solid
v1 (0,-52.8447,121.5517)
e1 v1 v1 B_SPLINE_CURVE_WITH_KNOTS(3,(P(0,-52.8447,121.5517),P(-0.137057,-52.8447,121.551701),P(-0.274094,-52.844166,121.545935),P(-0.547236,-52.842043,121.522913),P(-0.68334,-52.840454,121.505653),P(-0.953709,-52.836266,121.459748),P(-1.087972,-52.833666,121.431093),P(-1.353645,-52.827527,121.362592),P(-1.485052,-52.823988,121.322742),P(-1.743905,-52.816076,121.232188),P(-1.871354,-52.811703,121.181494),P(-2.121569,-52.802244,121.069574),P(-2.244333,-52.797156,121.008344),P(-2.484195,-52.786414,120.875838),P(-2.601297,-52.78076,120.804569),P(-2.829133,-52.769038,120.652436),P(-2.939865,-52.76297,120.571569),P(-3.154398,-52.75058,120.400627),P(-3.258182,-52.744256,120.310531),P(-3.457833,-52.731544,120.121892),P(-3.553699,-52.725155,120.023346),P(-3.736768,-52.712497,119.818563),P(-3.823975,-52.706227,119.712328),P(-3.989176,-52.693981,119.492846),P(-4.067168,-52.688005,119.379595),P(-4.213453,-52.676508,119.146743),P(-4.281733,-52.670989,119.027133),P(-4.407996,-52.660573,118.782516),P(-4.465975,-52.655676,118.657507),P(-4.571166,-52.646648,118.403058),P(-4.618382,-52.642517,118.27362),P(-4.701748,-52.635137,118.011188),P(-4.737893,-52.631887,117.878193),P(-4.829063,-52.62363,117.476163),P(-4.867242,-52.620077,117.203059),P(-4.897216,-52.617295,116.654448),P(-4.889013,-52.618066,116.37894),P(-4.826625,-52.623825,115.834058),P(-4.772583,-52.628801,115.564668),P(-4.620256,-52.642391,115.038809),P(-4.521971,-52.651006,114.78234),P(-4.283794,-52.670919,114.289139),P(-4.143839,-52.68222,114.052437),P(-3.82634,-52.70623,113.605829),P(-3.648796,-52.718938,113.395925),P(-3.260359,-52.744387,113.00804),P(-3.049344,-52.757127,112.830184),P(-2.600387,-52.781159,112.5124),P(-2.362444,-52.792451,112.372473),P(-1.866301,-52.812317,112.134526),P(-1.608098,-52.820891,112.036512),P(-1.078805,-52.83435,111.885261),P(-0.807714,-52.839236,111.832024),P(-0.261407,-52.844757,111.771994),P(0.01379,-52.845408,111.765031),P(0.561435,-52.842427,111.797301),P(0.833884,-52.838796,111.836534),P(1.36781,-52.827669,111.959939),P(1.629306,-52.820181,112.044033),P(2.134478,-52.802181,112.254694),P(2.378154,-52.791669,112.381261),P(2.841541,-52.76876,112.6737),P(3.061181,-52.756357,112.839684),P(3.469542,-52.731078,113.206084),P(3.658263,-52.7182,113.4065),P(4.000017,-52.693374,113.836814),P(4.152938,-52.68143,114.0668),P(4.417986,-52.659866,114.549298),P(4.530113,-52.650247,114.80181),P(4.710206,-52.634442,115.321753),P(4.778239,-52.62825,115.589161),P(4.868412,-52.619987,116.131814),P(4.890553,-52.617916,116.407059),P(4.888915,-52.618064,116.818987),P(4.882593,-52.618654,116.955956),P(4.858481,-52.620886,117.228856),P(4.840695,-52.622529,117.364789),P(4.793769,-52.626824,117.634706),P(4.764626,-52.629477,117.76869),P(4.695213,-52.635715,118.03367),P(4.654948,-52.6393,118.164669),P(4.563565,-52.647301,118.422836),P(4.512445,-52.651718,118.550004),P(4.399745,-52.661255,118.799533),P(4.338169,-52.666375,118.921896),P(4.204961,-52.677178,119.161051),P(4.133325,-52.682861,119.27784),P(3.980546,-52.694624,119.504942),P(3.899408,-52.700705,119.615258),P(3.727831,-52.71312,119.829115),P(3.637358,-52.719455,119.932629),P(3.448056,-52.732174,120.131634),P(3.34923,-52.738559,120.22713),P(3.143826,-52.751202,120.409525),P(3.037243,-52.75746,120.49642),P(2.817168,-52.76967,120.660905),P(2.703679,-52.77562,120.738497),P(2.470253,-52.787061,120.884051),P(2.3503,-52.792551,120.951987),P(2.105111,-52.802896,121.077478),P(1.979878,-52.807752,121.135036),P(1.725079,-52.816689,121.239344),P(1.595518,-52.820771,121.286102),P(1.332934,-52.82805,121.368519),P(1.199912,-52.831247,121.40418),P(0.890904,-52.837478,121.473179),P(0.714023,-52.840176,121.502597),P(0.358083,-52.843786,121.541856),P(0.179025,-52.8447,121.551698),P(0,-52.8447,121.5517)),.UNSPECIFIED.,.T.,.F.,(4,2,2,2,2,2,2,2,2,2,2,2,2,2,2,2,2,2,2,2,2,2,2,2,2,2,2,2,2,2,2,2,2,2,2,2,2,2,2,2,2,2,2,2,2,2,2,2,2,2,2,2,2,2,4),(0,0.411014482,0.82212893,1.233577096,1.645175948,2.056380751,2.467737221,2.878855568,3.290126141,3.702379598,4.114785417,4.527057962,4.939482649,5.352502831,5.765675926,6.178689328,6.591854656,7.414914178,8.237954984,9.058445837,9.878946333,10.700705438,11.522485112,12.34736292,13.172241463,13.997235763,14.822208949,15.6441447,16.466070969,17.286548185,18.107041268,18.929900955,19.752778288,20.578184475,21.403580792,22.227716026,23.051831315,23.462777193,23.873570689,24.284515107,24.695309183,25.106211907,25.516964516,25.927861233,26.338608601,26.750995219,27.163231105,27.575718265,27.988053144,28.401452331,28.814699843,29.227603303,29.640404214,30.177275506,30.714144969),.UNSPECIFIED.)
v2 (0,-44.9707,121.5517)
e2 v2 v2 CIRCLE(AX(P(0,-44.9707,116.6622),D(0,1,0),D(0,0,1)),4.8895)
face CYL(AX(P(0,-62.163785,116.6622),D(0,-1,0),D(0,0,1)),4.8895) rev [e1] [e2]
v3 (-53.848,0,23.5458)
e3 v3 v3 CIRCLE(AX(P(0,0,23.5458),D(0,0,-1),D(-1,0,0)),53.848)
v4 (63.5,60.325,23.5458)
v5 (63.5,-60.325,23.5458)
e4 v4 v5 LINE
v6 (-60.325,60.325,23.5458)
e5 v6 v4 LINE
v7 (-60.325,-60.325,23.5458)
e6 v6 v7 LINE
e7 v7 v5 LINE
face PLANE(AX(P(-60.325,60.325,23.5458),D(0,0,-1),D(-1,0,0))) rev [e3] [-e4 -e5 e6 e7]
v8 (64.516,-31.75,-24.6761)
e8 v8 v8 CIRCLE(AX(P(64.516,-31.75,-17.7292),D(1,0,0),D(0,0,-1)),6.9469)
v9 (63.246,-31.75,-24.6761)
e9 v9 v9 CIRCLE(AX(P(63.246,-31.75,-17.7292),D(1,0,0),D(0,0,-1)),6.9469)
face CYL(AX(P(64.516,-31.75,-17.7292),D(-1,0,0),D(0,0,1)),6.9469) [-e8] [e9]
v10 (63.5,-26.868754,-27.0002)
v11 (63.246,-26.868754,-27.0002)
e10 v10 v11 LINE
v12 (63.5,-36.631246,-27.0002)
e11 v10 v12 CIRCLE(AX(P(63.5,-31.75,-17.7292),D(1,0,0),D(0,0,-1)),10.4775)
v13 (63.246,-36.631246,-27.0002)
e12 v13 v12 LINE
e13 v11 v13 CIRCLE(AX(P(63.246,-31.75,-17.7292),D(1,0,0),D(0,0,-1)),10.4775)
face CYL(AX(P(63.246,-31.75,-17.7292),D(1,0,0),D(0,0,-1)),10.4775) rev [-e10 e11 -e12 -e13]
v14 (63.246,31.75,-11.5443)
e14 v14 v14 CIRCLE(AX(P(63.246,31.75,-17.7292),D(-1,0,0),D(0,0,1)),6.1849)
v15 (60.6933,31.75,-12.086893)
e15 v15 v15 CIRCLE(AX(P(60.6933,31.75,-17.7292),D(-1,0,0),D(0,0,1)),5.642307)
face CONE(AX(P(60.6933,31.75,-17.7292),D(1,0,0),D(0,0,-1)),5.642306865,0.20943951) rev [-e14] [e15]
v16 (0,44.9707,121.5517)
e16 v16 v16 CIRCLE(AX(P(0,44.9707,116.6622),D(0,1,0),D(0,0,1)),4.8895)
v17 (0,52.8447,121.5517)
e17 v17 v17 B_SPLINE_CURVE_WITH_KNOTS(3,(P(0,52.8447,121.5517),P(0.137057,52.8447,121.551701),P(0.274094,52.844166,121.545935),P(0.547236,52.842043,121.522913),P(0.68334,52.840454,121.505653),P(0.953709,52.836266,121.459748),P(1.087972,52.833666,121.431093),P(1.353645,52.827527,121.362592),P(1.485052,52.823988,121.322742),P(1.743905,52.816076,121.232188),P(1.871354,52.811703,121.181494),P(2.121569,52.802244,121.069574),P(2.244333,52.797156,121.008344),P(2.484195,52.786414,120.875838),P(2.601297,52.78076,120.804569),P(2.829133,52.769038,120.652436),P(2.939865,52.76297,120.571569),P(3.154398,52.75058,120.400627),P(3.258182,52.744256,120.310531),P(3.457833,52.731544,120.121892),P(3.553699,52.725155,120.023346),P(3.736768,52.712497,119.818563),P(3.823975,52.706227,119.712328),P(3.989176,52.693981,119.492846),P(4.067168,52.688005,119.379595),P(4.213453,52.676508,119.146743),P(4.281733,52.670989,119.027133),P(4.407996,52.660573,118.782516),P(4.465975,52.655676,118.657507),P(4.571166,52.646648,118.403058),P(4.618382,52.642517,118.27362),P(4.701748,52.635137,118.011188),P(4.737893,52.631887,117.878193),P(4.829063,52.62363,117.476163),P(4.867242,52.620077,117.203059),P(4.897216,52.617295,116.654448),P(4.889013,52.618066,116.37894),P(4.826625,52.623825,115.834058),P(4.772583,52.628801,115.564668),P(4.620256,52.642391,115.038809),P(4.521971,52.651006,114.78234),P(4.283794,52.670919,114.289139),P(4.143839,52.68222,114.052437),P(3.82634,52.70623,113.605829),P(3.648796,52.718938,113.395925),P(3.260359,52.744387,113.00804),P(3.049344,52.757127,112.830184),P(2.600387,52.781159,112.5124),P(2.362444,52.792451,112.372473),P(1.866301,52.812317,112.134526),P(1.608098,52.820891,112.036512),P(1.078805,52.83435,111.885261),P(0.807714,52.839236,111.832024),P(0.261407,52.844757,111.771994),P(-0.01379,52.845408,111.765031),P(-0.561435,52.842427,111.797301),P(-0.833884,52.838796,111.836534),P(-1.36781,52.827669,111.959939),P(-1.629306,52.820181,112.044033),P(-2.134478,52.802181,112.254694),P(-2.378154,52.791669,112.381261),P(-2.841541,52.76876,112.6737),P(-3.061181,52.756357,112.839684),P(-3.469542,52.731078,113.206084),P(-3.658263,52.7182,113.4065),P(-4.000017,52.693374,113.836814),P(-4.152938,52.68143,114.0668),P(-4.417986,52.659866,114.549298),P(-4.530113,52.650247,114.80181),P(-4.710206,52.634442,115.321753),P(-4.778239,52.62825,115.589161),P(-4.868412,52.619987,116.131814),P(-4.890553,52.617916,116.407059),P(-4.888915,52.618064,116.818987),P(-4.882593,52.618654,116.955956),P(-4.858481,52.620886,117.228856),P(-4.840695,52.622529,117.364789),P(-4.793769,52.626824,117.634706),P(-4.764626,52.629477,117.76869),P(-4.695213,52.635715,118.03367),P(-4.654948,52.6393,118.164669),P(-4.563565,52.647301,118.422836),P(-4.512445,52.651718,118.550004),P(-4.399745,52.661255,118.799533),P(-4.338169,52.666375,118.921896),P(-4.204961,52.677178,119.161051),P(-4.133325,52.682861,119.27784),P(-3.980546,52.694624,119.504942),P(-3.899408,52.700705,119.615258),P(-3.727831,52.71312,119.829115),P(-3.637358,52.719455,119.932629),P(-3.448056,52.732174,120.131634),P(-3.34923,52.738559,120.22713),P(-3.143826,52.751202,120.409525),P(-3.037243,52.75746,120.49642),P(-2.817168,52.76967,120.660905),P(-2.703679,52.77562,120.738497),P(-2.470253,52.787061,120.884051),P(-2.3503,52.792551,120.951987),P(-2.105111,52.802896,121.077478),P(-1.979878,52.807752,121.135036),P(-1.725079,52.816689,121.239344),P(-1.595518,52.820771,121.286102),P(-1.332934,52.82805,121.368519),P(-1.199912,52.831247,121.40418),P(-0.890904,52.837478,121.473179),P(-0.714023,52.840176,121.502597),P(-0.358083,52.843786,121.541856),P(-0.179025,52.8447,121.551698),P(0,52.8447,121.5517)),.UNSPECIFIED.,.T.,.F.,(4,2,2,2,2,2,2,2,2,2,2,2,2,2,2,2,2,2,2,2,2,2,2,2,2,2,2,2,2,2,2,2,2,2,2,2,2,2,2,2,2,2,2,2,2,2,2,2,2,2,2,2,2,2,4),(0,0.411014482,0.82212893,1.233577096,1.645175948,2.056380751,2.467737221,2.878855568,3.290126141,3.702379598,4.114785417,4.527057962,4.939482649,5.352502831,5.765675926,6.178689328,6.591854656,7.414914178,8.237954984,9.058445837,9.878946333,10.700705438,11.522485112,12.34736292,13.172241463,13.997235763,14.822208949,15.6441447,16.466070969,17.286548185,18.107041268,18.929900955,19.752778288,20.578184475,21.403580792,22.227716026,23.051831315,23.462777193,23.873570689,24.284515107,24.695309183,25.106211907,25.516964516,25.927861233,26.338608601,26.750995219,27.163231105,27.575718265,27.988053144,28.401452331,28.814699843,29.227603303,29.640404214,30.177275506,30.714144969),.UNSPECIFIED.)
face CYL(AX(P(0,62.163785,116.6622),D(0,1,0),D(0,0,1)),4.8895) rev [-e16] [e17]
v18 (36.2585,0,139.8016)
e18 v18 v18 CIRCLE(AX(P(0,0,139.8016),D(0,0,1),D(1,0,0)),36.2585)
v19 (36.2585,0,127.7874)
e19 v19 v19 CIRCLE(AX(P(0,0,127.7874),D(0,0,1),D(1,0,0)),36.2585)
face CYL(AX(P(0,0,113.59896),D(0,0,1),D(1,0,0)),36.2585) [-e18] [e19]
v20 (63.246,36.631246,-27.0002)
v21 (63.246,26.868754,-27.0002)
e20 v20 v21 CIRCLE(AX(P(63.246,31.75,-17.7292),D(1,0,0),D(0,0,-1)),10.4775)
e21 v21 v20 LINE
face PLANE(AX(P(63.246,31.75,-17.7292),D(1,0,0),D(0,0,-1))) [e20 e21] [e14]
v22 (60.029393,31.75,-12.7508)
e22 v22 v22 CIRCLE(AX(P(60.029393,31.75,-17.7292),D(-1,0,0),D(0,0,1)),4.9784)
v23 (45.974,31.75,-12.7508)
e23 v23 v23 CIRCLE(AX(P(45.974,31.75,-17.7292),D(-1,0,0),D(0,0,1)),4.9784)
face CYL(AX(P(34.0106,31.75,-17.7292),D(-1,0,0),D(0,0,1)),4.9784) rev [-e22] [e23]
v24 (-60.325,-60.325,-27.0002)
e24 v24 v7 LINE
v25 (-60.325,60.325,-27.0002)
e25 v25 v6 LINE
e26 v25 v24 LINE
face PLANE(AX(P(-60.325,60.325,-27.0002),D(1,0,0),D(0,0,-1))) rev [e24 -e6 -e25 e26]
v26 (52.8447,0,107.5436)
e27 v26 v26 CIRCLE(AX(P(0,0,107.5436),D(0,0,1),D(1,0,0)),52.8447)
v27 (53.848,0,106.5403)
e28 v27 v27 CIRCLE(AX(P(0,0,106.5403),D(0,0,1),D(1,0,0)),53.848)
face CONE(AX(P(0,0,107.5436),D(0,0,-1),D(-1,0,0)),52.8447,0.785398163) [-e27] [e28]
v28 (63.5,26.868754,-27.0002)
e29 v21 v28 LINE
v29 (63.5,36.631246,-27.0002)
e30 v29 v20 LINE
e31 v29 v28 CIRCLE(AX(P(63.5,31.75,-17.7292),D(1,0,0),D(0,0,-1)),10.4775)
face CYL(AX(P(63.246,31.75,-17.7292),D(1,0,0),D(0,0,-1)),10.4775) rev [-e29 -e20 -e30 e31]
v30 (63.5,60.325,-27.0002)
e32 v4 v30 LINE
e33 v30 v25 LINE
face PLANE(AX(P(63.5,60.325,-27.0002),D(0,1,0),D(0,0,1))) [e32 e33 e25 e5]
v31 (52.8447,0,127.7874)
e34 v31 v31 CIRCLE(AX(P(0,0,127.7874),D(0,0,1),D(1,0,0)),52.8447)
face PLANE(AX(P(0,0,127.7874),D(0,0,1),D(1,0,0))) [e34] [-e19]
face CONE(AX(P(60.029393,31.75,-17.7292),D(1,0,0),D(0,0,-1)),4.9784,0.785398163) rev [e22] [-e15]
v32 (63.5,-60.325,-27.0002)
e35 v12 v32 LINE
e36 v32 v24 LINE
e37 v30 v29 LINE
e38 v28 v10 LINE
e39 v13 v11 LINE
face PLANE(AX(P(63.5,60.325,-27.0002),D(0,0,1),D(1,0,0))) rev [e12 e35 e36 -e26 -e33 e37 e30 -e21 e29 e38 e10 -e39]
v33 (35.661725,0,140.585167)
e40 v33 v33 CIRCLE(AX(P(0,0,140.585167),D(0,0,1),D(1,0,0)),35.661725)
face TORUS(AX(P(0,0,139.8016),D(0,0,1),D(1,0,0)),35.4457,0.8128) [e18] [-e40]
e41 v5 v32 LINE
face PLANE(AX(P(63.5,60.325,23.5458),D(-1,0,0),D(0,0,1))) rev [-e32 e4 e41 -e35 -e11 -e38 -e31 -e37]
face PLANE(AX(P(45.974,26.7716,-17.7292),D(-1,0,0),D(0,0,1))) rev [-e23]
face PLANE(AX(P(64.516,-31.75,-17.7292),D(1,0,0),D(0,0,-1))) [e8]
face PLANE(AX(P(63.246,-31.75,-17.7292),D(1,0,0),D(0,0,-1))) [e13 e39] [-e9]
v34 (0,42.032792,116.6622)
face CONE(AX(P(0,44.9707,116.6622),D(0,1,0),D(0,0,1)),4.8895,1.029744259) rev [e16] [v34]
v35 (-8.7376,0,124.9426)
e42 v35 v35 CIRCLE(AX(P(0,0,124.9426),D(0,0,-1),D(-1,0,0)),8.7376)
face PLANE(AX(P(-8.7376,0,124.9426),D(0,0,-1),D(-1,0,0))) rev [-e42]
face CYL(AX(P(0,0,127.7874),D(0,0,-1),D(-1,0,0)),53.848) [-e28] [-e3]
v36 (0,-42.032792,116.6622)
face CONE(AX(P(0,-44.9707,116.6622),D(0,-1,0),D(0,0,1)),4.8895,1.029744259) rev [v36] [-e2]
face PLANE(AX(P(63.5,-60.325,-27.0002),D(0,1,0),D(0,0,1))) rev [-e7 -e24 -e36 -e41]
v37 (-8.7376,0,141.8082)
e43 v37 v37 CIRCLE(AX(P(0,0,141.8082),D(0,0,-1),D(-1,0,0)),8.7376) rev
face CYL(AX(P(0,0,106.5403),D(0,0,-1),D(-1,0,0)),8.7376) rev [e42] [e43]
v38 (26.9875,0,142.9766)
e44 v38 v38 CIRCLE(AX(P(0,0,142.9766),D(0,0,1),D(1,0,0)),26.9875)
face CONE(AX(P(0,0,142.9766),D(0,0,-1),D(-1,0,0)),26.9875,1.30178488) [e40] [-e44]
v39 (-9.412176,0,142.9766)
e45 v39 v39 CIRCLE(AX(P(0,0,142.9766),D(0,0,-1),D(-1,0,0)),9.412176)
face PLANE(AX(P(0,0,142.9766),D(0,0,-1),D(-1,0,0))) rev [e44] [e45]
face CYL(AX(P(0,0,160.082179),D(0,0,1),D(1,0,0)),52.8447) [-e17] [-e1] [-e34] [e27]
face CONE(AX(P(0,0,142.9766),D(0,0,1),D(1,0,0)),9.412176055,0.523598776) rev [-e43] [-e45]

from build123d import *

# Parameters (mm, degrees)
SKETCH1_R           = 53.848
EXTRUDE1_DEPTH      = 127.7874
SKETCH13_W          = 15.1892
SKETCH13_H          = 36.2585
S2D0011_W           = 8.7376
S2D0011_H           = 18.034
SKETCH16_W          = 123.825
SKETCH16_H          = 50.546
EXTRUDE2_DEPTH      = 60.325
SKETCH17_R          = 10.4775
CUT_EXTRUDE9_DEPTH  = 0.254
SKETCH18_R          = 10.4775
CUT_EXTRUDE10_DEPTH = 0.254
SKETCH21_R          = 6.9469
EXTRUDE3_DEPTH      = 1.27
CHAMFER1_SIZE       = 1.1684
CHAMFER1_SIZE2      = 0.674576055


with BuildPart() as part:
    # Sketch1 → Extrude1 (new body)
    with BuildSketch(Plane.XY):
        Circle(SKETCH1_R)
    extrude(amount=EXTRUDE1_DEPTH)

    # Sketch10 → Cut-Revolve1 (revolve, cut)
    with BuildSketch(Plane(origin=(0, 0, 0), x_dir=(0, 0, -1), z_dir=(1, 0, 0)), mode=Mode.PRIVATE) as cut_revolve1_sk:
        Polygon((-127.7874, 52.8447), (-107.5436, 52.8447), (-106.5403, 53.848), (-127.7874, 53.848), align=None)
    revolve(cut_revolve1_sk.sketch.rotate(Axis((0, 0, 160.082178917), (0, 0, -1)), 90), axis=Axis((0, 0, 160.082178917), (0, 0, -1)), mode=Mode.SUBTRACT)  # turned: the seam where the file's is

    # Sketch13 → Revolve1 (revolve)
    with BuildSketch(Plane(origin=(0, 0, 0), x_dir=(0, 0, -1), z_dir=(1, 0, 0)), mode=Mode.PRIVATE) as revolve1_sk:
        with Locations((-135.382, 18.12925)):
            Rectangle(SKETCH13_W, SKETCH13_H)
    revolve(revolve1_sk.sketch.rotate(Axis((0, 0, 113.59896), (0, 0, -1)), 90), axis=Axis((0, 0, 113.59896), (0, 0, -1)))  # turned: the seam where the file's is

    # S2D0011 → Cut-Revolve4 (revolve, cut)
    with BuildSketch(Plane(origin=(-6.9342, 0, 112.8014), x_dir=(-1, 0, 0), z_dir=(0, 1, 0)), mode=Mode.PRIVATE) as cut_revolve4_sk:
        with Locations((-2.5654, 21.1582)):
            Rectangle(S2D0011_W, S2D0011_H)
    revolve(cut_revolve4_sk.sketch.rotate(Axis((0, 0, 106.5403), (0, 0, 1)), 180), axis=Axis((0, 0, 106.5403), (0, 0, 1)), mode=Mode.SUBTRACT)  # turned: the seam where the file's is

    # Sketch15 → Cut-Revolve5 (revolve, cut)
    with BuildSketch(Plane(origin=(0, 0, 0), x_dir=(0, 0, -1), z_dir=(1, 0, 0)), mode=Mode.PRIVATE) as cut_revolve5_sk:
        with BuildLine():
            Line((-142.9766, 26.9875), (-140.585166919, 35.66172482))
            ThreePointArc((-140.585166919, 35.66172482), (-140.294072774, 36.092317667), (-139.8016, 36.2585))
            Line((-139.8016, 36.2585), (-142.9766, 36.2585))
            Line((-142.9766, 36.2585), (-142.9766, 26.9875))
        make_face()
    revolve(cut_revolve5_sk.sketch.rotate(Axis((0, 0, 112.96015), (0, 0, -1)), 90), axis=Axis((0, 0, 112.96015), (0, 0, -1)), mode=Mode.SUBTRACT)  # turned: the seam where the file's is

    # Sketch16 → Extrude2 (add, symmetric)
    with BuildSketch(Plane(origin=(0, 0, 0), x_dir=(-1, 0, 0), z_dir=(0, 1, 0))):
        with Locations((-1.5875, -1.7272)):
            Rectangle(SKETCH16_W, SKETCH16_H)
    extrude(amount=EXTRUDE2_DEPTH, both=True)

    # Sketch17 → Cut-Extrude9 (cut)
    with BuildSketch(Plane(origin=(63.5, 0, 0), x_dir=(0, 0, -1), z_dir=(1, 0, 0))):
        with Locations((17.7292, -31.75)):
            Circle(SKETCH17_R)
    extrude(amount=-CUT_EXTRUDE9_DEPTH, mode=Mode.SUBTRACT)

    # Sketch18 → Cut-Extrude10 (cut)
    with BuildSketch(Plane(origin=(63.5, 0, 0), x_dir=(0, 0, -1), z_dir=(1, 0, 0))):
        with Locations((17.7292, 31.75)):
            Circle(SKETCH18_R)
    extrude(amount=-CUT_EXTRUDE10_DEPTH, mode=Mode.SUBTRACT)

    # S2D0001 → Cut-Revolve7 (revolve, cut)
    with BuildSketch(Plane(origin=(52.1462, 23.8125, -17.7292), x_dir=(0, -1, 0), z_dir=(0, 0, 1)), mode=Mode.PRIVATE) as cut_revolve7_sk:
        Polygon((-7.9375, 11.0998), (-1.7526, 11.0998), (-2.295193135, 8.5471), (-2.9591, 7.883193135), (-2.9591, -6.1722), (-7.9375, -6.1722), align=None)
    revolve(cut_revolve7_sk.sketch.rotate(Axis((34.0106, 31.75, -17.7292), (1, 0, 0)), 270), axis=Axis((34.0106, 31.75, -17.7292), (1, 0, 0)), mode=Mode.SUBTRACT)  # turned: the seam where the file's is

    # Sketch21 → Extrude3 (add)
    with BuildSketch(Plane(origin=(63.246, 0, 0), x_dir=(0, 0, -1), z_dir=(1, 0, 0))):
        with Locations((17.7292, -31.75)):
            Circle(SKETCH21_R)
    extrude(amount=EXTRUDE3_DEPTH)

    # Chamfer1
    chamfer1_edges = [part.edges().sort_by_distance(p)[0] for p in [
        (-8.7376, 0, 142.9766),
    ]]
    chamfer1_side = [part.faces().sort_by_distance(p)[0] for p in [
        (-8.7376, 0, 133.9596),
    ]]
    chamfer(chamfer1_edges, length=CHAMFER1_SIZE, length2=CHAMFER1_SIZE2, reference=chamfer1_side[0])

    # Sketch23 → Cut-Revolve8 (revolve, cut)
    with BuildSketch(Plane(origin=(0, 0, 0), x_dir=(0, 0, -1), z_dir=(1, 0, 0))):
        Polygon((-121.5517, 52.8447), (-121.5517, 44.9707), (-116.6622, 42.032792003), (-116.6622, 52.8447), align=None)
    cut_revolve8 = revolve(axis=Axis((0, 62.163785144, 116.6622), (0, -1, 0)), mode=Mode.SUBTRACT)

    # Mirror1: Cut-Revolve8 across plane
    add(cut_revolve8.mirror(Plane.ZX), mode=Mode.SUBTRACT)


solid = part.part
